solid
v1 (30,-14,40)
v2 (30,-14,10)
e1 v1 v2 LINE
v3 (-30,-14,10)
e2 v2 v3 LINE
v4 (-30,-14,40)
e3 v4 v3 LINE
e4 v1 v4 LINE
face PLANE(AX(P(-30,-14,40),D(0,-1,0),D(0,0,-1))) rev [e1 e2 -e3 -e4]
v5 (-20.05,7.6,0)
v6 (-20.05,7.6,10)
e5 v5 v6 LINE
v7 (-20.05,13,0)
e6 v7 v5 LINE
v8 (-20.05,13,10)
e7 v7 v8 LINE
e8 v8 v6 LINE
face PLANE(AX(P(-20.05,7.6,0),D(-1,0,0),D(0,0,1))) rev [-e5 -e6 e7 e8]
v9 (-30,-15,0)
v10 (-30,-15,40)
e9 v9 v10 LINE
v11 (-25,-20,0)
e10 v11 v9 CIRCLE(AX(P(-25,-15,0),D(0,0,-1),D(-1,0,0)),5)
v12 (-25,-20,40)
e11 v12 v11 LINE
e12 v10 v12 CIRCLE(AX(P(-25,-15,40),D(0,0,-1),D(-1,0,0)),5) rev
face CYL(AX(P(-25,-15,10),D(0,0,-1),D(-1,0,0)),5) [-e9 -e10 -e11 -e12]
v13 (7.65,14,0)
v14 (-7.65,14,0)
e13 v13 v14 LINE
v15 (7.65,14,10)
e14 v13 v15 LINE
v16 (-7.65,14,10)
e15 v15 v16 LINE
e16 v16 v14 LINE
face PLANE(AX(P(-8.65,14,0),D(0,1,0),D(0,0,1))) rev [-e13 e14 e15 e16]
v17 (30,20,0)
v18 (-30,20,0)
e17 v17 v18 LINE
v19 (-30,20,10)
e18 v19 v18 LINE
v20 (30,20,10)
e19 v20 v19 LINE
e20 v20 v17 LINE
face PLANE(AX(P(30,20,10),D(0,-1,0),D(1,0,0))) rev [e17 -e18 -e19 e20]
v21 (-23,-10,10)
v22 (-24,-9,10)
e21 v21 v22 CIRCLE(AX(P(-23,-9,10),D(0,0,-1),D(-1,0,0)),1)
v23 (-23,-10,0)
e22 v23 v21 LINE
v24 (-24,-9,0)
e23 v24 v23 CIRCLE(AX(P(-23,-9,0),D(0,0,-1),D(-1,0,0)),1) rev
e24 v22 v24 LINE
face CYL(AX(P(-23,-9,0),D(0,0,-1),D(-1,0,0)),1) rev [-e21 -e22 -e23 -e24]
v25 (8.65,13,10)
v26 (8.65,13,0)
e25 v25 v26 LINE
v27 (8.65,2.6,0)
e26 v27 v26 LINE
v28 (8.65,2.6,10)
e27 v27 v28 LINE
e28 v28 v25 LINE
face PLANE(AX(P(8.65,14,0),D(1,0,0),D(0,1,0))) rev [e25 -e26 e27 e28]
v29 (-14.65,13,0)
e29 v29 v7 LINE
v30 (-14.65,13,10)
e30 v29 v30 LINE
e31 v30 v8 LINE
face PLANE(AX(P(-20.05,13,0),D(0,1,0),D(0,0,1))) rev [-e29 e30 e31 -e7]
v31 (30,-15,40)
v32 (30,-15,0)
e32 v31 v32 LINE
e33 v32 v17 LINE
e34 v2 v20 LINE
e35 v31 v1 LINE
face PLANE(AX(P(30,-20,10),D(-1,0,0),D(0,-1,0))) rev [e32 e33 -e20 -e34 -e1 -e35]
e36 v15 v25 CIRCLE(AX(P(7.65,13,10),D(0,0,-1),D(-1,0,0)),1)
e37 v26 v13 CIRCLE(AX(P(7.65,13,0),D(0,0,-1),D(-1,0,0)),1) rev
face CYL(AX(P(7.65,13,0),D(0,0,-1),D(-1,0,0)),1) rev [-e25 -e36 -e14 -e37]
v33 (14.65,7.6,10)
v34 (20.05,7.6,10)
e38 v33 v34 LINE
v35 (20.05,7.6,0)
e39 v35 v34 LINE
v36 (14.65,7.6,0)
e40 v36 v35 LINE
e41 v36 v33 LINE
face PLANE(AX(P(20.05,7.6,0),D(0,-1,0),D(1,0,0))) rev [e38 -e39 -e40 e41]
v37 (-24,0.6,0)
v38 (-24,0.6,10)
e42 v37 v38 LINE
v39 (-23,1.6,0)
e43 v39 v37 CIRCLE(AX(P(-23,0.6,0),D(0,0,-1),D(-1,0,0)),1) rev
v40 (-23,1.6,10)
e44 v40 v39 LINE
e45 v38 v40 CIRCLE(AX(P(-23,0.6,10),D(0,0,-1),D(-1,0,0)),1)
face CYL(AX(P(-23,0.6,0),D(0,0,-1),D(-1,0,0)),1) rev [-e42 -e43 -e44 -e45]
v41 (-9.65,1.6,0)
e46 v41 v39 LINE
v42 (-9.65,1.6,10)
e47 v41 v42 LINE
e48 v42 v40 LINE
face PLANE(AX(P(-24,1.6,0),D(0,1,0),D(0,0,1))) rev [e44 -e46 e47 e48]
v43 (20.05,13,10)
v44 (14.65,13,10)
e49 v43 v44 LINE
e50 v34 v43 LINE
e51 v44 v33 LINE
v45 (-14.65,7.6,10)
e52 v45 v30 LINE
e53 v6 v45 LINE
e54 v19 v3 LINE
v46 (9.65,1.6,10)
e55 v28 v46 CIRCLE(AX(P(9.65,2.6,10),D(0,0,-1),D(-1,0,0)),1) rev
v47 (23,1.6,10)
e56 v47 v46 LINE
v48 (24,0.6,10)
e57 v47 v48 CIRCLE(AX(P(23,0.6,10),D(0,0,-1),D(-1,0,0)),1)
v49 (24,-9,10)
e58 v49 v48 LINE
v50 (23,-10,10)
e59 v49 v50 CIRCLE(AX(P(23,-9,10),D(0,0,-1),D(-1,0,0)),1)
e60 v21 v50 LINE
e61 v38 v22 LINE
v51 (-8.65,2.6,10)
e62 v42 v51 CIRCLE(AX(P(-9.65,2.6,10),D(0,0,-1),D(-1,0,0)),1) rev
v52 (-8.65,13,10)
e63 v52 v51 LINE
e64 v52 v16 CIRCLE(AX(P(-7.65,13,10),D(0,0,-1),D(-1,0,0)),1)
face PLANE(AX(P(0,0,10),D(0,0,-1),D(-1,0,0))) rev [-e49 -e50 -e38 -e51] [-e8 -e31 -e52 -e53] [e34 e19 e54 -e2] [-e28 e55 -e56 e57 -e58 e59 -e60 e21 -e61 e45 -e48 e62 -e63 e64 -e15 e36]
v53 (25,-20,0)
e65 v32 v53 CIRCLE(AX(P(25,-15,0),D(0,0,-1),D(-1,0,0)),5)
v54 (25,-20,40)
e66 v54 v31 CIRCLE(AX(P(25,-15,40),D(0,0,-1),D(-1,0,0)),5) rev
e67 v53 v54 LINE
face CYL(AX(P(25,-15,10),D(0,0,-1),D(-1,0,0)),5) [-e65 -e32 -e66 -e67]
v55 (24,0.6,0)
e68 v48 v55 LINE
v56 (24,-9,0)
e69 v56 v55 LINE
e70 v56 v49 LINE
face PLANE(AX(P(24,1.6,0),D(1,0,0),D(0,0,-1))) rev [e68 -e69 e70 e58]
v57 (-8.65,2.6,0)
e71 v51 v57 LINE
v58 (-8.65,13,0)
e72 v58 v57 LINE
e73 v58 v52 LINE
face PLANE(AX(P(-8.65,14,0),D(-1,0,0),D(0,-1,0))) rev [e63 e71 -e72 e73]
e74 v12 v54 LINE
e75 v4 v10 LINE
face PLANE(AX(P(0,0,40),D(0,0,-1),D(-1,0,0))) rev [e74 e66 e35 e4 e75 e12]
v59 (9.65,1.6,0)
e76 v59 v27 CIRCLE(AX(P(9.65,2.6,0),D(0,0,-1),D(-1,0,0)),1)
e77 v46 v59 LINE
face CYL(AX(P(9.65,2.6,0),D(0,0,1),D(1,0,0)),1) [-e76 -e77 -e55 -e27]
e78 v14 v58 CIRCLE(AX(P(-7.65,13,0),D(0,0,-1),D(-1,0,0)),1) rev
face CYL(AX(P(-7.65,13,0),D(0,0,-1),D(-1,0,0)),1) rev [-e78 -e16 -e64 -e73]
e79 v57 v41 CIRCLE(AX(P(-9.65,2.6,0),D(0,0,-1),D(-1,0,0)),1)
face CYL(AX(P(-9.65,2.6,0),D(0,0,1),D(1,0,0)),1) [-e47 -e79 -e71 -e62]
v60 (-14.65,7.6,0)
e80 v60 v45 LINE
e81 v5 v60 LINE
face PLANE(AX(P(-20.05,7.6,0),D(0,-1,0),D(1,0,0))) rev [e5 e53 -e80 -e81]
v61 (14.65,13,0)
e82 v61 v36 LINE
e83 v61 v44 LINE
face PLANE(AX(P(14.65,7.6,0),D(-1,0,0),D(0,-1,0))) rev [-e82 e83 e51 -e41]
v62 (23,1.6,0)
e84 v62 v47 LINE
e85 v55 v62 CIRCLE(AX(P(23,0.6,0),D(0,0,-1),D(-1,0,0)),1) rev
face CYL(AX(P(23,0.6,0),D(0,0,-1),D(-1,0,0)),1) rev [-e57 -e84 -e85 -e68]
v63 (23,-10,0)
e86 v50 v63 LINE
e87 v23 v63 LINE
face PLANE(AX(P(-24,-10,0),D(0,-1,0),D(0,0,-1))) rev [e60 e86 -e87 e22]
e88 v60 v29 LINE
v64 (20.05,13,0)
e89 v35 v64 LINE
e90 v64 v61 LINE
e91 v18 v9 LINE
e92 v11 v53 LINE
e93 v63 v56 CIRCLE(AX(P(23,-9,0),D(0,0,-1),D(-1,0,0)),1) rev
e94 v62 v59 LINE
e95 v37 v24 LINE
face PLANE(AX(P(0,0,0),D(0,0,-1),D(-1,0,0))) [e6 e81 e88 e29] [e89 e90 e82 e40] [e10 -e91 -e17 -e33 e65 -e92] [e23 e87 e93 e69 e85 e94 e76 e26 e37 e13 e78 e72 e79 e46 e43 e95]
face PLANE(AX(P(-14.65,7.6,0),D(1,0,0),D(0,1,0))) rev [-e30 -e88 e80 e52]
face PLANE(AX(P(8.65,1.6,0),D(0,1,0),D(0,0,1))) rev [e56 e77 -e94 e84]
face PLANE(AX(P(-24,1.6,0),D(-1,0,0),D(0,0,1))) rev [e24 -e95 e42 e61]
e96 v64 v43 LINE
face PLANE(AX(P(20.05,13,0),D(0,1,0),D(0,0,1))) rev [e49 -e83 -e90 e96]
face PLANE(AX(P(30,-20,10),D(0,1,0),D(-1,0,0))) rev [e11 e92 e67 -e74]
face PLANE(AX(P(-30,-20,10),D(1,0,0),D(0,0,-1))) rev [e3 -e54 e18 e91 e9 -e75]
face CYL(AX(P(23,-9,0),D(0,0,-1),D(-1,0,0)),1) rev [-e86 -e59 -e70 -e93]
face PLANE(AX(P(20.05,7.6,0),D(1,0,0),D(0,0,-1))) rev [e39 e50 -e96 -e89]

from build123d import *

# Parameters (mm, degrees)
SKETCH1_W           = 40
SKETCH1_H           = 60
BOSS_EXTRUDE1_DEPTH = 10
SKETCH2_W           = 5.4
SKETCH2_H           = 5.4
CUT_EXTRUDE1_DEPTH  = 38.416573868
SKETCH3_W           = 60
SKETCH3_H           = 6
BOSS_EXTRUDE2_DEPTH = 30
CUT_EXTRUDE2_DEPTH  = 47.904157598
FILLET2_R           = 1
FILLET3_R           = 5


with BuildPart() as part:
    # Sketch1 → Boss-Extrude1 (new body)
    with BuildSketch(Plane(origin=(0, 0, 0), x_dir=(0, 1, 0), z_dir=(0, 0, 1))):
        Rectangle(SKETCH1_W, SKETCH1_H)
    extrude(amount=BOSS_EXTRUDE1_DEPTH)

    # Sketch2 → Cut-Extrude1 (cut, through all)
    with BuildSketch(Plane.XY.offset(10)):
        with Locations((-17.35, 10.3)):
            Rectangle(SKETCH2_W, SKETCH2_H)
        with Locations((17.35, 10.3)):
            Rectangle(SKETCH2_W, SKETCH2_H)
    extrude(amount=-CUT_EXTRUDE1_DEPTH, mode=Mode.SUBTRACT)

    # Sketch3 → Boss-Extrude2 (add)
    with BuildSketch(Plane.XY.offset(10)):
        with Locations((0, -17)):
            Rectangle(SKETCH3_W, SKETCH3_H)
    extrude(amount=BOSS_EXTRUDE2_DEPTH)

    # Sketch4 → Cut-Extrude2 (cut, through all)
    with BuildSketch(Plane.XY.offset(10)):
        Polygon((-24, 1.6), (-8.65, 1.6), (-8.65, 14), (8.65, 14), (8.65, 1.6), (24, 1.6), (24, -10), (-24, -10), align=None)
    extrude(amount=-CUT_EXTRUDE2_DEPTH, mode=Mode.SUBTRACT)

    # Fillet2
    fillet2_edges = [part.edges().sort_by_distance(p)[0] for p in [
        (-24, -10, 5),
        (-24, 1.6, 5),
        (-8.65, 1.6, 5),
        (-8.65, 14, 5),
        (8.65, 14, 5),
        (8.65, 1.6, 5),
        (24, 1.6, 5),
        (24, -10, 5),
    ]]
    fillet(fillet2_edges, radius=FILLET2_R)

    # Fillet3
    fillet3_edges = [part.edges().sort_by_distance(p)[0] for p in [
        (30, -20, 20),
        (-30, -20, 20),
    ]]
    fillet(fillet3_edges, radius=FILLET3_R)


solid = part.part
